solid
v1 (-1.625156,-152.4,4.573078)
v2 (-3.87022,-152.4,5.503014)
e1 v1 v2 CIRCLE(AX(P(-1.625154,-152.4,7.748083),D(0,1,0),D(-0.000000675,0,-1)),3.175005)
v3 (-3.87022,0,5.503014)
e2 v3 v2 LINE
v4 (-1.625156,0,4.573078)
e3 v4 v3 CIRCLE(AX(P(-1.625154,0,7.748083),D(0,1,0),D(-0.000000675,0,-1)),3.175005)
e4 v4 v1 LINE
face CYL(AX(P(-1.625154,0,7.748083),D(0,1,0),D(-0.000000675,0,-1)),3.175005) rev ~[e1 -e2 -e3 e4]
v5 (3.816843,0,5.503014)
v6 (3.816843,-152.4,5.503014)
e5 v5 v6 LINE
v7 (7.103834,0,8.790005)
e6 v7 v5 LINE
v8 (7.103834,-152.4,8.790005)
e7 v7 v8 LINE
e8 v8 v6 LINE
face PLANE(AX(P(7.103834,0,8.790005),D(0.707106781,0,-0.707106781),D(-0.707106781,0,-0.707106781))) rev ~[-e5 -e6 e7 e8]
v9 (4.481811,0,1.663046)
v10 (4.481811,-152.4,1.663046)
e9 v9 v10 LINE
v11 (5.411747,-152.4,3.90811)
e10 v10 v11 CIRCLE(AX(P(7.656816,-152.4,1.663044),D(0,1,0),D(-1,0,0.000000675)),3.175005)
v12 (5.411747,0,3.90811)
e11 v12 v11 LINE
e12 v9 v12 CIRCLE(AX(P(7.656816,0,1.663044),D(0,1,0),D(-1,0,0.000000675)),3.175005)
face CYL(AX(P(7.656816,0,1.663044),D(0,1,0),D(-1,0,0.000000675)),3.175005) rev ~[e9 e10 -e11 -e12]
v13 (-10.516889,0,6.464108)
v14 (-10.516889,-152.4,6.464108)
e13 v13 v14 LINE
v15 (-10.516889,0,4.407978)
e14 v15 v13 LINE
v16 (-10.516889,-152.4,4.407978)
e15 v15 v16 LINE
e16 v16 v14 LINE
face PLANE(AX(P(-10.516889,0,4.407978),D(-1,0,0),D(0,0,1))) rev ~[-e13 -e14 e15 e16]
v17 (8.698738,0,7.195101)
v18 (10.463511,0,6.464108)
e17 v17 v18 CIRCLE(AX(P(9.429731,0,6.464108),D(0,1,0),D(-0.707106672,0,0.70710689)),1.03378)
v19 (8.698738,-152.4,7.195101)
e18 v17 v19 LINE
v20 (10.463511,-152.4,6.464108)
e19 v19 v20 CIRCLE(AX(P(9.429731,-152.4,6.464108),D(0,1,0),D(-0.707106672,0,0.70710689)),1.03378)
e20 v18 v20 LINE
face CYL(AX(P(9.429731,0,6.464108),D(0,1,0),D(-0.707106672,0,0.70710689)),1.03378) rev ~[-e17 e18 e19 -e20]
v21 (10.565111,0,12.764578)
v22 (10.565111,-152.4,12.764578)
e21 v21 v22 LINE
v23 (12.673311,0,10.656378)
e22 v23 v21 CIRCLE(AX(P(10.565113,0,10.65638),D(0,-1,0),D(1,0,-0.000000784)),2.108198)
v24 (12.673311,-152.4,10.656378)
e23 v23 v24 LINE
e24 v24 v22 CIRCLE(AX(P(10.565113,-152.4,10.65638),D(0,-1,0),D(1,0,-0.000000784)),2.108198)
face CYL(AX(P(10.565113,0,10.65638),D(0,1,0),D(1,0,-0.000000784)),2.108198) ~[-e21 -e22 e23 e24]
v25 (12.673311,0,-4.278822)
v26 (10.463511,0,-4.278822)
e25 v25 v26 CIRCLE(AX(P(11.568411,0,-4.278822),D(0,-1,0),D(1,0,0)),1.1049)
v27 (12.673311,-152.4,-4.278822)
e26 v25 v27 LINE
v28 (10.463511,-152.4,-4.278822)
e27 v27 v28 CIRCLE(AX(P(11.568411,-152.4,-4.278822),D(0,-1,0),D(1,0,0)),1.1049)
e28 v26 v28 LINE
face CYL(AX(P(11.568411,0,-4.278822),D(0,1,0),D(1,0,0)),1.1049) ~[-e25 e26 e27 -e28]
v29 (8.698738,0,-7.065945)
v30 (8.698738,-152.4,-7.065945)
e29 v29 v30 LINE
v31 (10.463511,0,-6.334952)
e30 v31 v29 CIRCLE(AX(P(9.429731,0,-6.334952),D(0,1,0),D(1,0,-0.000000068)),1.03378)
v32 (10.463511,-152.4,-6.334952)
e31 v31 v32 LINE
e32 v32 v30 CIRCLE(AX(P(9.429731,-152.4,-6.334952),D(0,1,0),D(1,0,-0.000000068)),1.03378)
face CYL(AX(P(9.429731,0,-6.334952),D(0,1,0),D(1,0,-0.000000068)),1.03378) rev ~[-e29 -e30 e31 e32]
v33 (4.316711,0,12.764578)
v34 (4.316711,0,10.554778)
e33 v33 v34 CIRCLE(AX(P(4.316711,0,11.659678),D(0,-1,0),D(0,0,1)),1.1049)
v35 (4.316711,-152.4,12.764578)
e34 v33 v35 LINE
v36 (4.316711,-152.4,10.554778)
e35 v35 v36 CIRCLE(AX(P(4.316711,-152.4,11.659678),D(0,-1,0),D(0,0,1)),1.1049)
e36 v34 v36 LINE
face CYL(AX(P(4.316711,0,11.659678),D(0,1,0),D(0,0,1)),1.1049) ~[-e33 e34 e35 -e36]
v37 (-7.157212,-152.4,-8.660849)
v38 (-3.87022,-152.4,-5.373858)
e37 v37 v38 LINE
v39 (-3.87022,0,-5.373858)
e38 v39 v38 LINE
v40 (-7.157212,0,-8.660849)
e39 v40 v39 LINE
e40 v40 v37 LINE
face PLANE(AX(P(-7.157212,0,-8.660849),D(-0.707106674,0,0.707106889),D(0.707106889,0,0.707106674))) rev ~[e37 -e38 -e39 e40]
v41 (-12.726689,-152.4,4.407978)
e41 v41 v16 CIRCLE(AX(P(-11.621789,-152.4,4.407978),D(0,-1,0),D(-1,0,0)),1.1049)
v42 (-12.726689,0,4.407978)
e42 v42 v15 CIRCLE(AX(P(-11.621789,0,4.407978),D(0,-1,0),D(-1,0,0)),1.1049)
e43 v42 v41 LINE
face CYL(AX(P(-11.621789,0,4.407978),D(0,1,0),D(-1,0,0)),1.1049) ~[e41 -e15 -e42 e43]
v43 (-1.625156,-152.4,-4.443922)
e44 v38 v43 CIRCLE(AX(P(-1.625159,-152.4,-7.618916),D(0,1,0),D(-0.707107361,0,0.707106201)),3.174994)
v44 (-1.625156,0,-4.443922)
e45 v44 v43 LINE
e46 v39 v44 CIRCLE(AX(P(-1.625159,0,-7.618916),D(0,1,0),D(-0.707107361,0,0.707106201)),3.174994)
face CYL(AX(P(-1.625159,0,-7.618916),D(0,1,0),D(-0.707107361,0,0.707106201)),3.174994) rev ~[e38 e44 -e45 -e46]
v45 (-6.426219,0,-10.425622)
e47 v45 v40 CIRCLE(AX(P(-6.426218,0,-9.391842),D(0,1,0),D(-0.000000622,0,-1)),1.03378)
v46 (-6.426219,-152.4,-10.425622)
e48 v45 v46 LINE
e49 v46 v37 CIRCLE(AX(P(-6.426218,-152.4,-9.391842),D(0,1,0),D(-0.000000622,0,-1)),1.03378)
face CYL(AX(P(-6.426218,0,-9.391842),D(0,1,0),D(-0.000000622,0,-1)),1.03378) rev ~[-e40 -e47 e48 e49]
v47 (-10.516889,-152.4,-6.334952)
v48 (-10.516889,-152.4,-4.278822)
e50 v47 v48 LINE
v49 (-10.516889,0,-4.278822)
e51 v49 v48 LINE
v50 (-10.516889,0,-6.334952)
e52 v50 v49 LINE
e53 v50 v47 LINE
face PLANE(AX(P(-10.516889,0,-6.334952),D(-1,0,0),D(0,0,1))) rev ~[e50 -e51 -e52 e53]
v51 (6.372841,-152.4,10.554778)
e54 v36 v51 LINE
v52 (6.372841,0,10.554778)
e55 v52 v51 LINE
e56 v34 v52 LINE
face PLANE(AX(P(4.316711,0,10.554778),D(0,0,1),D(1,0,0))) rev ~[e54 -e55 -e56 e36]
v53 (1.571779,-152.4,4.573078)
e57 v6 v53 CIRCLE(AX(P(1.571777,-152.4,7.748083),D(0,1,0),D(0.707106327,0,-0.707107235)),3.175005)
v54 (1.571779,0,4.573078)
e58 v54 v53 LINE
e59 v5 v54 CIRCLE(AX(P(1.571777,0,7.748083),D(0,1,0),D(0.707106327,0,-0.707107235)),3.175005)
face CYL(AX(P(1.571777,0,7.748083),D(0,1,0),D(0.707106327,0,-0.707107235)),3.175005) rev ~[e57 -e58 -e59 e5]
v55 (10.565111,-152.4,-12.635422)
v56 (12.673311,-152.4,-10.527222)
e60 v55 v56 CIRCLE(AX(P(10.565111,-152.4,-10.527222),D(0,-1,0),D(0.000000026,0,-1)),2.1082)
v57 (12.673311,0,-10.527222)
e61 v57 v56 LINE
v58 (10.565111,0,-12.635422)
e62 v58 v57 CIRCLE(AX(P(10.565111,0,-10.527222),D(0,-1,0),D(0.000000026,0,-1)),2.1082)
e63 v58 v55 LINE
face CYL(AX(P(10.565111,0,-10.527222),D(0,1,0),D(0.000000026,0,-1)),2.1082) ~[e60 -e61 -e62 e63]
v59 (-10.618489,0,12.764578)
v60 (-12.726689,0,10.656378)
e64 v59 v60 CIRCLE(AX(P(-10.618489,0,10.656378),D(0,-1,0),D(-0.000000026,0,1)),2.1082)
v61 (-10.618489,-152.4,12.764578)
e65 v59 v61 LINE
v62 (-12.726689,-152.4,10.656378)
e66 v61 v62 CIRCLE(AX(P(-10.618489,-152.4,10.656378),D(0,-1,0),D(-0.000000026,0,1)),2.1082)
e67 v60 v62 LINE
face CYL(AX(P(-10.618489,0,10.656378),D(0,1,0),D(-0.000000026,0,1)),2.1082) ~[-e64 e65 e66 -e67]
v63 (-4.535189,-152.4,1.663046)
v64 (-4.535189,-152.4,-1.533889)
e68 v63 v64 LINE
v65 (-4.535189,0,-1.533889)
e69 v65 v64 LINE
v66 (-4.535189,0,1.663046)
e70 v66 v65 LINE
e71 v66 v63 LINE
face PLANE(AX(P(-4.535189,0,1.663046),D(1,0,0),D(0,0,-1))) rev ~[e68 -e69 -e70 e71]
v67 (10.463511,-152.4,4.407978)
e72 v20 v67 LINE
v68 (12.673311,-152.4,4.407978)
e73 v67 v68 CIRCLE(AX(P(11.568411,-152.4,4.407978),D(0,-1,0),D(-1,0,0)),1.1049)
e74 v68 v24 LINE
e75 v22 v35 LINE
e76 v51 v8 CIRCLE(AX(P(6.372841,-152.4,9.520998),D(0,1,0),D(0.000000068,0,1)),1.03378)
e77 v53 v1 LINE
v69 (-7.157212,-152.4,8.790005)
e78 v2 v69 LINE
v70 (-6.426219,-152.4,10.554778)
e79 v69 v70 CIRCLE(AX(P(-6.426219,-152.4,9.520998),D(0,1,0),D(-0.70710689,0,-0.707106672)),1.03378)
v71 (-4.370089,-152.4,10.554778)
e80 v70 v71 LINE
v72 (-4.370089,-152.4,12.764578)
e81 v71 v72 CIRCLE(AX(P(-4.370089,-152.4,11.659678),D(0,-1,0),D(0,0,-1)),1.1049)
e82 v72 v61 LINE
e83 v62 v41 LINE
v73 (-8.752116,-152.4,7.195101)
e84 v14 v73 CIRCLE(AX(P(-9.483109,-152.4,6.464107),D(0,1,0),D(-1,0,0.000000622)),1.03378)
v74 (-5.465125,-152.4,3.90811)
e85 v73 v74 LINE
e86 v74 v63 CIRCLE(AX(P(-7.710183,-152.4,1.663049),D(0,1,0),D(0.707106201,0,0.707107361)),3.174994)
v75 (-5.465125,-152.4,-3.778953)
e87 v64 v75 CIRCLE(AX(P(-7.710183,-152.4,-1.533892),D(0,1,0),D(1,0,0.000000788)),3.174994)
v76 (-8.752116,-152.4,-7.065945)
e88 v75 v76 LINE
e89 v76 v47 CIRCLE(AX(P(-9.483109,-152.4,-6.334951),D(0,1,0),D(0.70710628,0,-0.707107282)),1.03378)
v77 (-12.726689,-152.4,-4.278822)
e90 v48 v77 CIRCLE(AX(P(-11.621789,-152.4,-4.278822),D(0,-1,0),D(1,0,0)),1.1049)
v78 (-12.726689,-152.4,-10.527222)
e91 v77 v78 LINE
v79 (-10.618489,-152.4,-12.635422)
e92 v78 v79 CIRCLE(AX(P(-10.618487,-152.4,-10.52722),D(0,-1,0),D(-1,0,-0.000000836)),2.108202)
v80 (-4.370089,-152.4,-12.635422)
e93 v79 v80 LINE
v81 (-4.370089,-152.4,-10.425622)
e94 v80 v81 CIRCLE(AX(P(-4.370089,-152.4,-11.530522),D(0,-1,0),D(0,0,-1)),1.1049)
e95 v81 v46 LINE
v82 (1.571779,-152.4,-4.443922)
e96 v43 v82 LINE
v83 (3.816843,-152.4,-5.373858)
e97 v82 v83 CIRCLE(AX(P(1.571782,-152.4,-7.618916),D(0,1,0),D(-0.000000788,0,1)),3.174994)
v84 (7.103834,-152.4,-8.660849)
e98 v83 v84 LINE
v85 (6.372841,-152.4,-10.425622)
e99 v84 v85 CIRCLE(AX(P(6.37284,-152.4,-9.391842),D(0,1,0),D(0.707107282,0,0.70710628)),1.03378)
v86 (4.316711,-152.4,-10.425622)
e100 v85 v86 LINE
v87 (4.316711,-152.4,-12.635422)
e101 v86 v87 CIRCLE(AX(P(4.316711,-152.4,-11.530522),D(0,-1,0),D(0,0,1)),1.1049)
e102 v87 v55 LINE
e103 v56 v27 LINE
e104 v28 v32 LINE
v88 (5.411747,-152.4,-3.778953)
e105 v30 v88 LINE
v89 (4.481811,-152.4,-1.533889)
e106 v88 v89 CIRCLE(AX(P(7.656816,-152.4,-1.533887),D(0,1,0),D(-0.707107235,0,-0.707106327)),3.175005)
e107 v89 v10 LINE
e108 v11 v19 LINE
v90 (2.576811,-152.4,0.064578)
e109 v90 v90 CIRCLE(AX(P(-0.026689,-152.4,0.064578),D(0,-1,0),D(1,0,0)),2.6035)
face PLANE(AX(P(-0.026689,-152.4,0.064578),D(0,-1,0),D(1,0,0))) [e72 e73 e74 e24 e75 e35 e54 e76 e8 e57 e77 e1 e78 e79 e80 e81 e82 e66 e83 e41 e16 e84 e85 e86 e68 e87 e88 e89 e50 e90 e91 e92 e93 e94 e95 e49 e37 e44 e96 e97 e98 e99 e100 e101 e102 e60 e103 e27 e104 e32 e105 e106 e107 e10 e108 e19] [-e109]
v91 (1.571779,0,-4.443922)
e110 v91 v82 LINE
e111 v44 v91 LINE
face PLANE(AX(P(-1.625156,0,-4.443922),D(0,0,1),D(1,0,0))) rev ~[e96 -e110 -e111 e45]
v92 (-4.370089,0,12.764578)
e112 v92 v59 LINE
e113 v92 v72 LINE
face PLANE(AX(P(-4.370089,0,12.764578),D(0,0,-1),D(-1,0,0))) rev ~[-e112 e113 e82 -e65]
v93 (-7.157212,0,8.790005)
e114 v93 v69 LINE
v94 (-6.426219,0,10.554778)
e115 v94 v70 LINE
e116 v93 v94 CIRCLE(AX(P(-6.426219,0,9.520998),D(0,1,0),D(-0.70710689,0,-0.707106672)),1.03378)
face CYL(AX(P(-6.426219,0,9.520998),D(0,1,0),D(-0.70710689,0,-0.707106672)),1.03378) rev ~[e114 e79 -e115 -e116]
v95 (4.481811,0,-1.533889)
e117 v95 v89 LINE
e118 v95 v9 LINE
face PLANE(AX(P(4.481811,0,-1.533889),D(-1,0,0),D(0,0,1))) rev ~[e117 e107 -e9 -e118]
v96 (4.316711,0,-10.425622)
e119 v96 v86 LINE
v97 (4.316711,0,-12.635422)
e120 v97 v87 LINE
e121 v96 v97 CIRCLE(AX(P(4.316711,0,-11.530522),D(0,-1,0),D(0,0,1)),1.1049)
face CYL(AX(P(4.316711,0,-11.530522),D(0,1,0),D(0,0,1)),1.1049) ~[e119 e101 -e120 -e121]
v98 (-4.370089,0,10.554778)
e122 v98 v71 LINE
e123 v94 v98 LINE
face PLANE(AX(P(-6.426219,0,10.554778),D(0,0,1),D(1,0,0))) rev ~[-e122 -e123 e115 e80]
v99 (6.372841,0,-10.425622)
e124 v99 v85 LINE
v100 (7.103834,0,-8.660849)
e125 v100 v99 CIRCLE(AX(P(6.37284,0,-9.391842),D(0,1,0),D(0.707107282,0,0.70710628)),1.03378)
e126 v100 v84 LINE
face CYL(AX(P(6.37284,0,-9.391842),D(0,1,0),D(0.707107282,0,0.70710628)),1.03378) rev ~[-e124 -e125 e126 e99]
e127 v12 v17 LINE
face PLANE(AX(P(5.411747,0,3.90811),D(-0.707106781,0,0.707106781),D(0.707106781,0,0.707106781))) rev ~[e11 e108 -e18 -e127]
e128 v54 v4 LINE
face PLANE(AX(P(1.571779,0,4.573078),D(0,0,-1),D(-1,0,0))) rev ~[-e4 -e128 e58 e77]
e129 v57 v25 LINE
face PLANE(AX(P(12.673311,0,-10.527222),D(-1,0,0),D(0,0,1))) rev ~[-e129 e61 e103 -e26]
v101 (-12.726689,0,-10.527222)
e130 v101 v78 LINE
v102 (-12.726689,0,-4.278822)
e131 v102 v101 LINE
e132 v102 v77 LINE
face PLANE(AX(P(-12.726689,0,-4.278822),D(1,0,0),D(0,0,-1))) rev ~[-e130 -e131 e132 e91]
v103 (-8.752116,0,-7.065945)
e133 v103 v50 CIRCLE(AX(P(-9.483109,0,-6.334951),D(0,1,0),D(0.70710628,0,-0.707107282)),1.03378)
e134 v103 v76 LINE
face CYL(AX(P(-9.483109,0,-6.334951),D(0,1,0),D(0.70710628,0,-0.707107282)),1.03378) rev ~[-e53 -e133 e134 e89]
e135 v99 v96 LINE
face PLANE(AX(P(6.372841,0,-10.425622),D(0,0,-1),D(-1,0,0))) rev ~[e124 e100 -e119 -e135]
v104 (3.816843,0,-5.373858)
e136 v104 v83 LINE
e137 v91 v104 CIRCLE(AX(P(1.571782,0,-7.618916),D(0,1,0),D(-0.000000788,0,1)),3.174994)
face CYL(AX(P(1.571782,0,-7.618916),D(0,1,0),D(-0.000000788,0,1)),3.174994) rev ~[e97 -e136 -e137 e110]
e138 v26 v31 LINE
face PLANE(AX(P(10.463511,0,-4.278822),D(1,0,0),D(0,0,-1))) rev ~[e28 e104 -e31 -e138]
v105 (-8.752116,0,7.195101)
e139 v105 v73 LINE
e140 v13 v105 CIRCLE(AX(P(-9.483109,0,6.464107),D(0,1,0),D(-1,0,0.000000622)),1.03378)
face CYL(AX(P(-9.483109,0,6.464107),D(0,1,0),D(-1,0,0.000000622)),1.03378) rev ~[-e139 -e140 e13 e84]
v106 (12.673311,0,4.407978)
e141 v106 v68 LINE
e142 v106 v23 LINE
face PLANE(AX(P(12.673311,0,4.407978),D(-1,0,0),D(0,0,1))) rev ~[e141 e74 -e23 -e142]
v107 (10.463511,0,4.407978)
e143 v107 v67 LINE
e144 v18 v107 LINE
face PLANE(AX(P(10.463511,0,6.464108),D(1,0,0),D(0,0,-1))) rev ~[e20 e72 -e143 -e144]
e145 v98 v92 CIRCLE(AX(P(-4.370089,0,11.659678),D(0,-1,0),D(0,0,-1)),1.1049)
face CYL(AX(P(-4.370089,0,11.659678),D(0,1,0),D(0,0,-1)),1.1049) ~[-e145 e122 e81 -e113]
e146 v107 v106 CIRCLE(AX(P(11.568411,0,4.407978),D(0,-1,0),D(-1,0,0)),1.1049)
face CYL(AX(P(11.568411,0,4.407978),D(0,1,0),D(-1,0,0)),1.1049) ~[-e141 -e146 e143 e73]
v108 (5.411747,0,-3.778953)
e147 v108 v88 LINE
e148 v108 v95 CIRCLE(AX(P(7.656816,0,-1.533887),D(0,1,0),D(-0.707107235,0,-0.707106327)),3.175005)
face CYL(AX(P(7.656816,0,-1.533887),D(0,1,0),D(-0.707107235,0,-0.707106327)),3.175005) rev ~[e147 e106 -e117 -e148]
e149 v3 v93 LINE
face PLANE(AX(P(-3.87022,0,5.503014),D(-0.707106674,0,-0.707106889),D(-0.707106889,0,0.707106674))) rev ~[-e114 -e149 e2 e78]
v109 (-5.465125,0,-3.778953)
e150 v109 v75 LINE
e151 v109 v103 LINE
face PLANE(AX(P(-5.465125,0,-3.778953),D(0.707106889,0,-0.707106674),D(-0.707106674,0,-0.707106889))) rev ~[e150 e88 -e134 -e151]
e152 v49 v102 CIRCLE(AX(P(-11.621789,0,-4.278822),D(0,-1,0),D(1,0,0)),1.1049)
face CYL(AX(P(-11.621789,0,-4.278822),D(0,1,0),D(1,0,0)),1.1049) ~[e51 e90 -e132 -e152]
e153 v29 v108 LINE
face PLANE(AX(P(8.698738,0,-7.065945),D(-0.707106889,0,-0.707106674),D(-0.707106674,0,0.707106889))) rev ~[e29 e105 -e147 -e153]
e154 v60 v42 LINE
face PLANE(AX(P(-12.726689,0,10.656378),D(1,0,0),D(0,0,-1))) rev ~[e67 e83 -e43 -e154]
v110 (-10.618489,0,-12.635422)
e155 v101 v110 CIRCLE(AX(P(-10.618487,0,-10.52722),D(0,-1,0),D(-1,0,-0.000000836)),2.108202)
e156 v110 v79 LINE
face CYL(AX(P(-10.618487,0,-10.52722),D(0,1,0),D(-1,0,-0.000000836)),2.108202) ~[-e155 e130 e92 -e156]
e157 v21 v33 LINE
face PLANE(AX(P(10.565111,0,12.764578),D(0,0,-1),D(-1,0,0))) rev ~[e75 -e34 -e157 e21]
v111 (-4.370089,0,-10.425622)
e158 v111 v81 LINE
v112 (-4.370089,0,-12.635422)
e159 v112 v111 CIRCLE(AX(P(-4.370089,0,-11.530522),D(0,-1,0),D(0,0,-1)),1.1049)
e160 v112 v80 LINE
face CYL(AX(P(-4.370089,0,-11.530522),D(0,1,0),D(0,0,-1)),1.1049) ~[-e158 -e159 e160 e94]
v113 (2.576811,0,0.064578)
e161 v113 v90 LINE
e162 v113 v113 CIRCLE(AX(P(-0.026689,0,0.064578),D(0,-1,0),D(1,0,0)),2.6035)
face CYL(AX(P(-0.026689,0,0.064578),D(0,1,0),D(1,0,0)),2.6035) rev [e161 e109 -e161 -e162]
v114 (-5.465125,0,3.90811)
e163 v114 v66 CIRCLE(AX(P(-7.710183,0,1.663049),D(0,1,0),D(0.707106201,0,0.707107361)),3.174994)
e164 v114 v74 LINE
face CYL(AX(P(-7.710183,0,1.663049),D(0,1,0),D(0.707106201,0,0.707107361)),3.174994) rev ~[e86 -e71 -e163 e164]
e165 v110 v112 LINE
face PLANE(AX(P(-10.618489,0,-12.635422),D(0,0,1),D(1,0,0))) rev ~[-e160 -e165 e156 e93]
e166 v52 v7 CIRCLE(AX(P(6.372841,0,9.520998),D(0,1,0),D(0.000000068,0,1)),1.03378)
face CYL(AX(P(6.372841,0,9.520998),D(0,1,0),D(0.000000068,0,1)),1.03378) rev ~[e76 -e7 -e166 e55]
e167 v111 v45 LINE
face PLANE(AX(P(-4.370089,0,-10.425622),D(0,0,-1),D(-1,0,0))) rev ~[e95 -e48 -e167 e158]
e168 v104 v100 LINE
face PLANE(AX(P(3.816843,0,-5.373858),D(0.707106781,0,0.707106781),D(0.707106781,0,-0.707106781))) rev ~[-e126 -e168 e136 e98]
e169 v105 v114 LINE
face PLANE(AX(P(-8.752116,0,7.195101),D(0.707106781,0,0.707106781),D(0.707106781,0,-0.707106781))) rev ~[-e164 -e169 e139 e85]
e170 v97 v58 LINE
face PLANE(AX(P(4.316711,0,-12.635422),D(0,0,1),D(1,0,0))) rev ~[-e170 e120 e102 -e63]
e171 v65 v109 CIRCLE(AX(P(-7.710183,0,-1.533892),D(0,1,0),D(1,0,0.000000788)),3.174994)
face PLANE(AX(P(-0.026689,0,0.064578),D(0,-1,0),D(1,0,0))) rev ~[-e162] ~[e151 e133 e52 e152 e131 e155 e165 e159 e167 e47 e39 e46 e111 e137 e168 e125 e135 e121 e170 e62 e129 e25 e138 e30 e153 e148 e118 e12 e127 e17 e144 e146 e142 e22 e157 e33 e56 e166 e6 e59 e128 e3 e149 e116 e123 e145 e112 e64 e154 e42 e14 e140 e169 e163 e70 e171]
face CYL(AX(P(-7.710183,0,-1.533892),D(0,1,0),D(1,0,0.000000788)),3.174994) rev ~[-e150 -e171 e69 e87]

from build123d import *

# Parameters (mm, degrees)
F0_R     = 2.6035
F1_DEPTH = 152.4


with BuildPart() as f1:
    # F0 (on Front) → F1 (new body)
    with BuildSketch(Plane.XZ):
        with BuildLine():
            Line((-4.370089, 12.764578), (-10.618489, 12.764578))
            ThreePointArc((-10.618489, 12.764578), (-12.109211, 12.147101), (-12.726689, 10.656378))
            Line((-12.726689, 10.656378), (-12.726689, 4.407978))
            ThreePointArc((-12.726689, 4.407978), (-11.621789, 3.303078), (-10.516889, 4.407978))
            Line((-10.516889, 4.407978), (-10.516889, 6.464108))
            ThreePointArc((-10.516889, 6.464108), (-9.878719, 7.419196), (-8.752116, 7.195101))
            Line((-8.752116, 7.195101), (-5.465125, 3.90811))
            ThreePointArc((-5.465125, 3.90811), (-4.776871, 2.878066), (-4.535189, 1.663046))
            Line((-4.535189, 1.663046), (-4.535189, -1.533889))
            ThreePointArc((-4.535189, -1.533889), (-4.776871, -2.748909), (-5.465125, -3.778953))
            Line((-5.465125, -3.778953), (-8.752116, -7.065945))
            ThreePointArc((-8.752116, -7.065945), (-9.878719, -7.29004), (-10.516889, -6.334952))
            Line((-10.516889, -6.334952), (-10.516889, -4.278822))
            ThreePointArc((-10.516889, -4.278822), (-11.621789, -3.173922), (-12.726689, -4.278822))
            Line((-12.726689, -4.278822), (-12.726689, -10.527222))
            ThreePointArc((-12.726689, -10.527222), (-12.109211, -12.017944), (-10.618489, -12.635422))
            Line((-10.618489, -12.635422), (-4.370089, -12.635422))
            ThreePointArc((-4.370089, -12.635422), (-3.265189, -11.530522), (-4.370089, -10.425622))
            Line((-4.370089, -10.425622), (-6.426219, -10.425622))
            ThreePointArc((-6.426219, -10.425622), (-7.381307, -9.787452), (-7.157212, -8.660849))
            Line((-7.157212, -8.660849), (-3.87022, -5.373858))
            ThreePointArc((-3.87022, -5.373858), (-2.840176, -4.685604), (-1.625156, -4.443922))
            Line((-1.625156, -4.443922), (1.571779, -4.443922))
            ThreePointArc((1.571779, -4.443922), (2.786799, -4.685604), (3.816843, -5.373858))
            Line((3.816843, -5.373858), (7.103834, -8.660849))
            ThreePointArc((7.103834, -8.660849), (7.327929, -9.787452), (6.372841, -10.425622))
            Line((6.372841, -10.425622), (4.316711, -10.425622))
            ThreePointArc((4.316711, -10.425622), (3.211811, -11.530522), (4.316711, -12.635422))
            Line((4.316711, -12.635422), (10.565111, -12.635422))
            ThreePointArc((10.565111, -12.635422), (12.055834, -12.017944), (12.673311, -10.527222))
            Line((12.673311, -10.527222), (12.673311, -4.278822))
            ThreePointArc((12.673311, -4.278822), (11.568411, -3.173922), (10.463511, -4.278822))
            Line((10.463511, -4.278822), (10.463511, -6.334952))
            ThreePointArc((10.463511, -6.334952), (9.825342, -7.29004), (8.698738, -7.065945))
            Line((8.698738, -7.065945), (5.411747, -3.778953))
            ThreePointArc((5.411747, -3.778953), (4.723494, -2.748909), (4.481811, -1.533889))
            Line((4.481811, -1.533889), (4.481811, 1.663046))
            ThreePointArc((4.481811, 1.663046), (4.723494, 2.878066), (5.411747, 3.90811))
            Line((5.411747, 3.90811), (8.698738, 7.195101))
            ThreePointArc((8.698738, 7.195101), (9.825342, 7.419196), (10.463511, 6.464108))
            Line((10.463511, 6.464108), (10.463511, 4.407978))
            ThreePointArc((10.463511, 4.407978), (11.568411, 3.303078), (12.673311, 4.407978))
            Line((12.673311, 4.407978), (12.673311, 10.656378))
            ThreePointArc((12.673311, 10.656378), (12.055834, 12.147101), (10.565111, 12.764578))
            Line((10.565111, 12.764578), (4.316711, 12.764578))
            ThreePointArc((4.316711, 12.764578), (3.211811, 11.659678), (4.316711, 10.554778))
            Line((4.316711, 10.554778), (6.372841, 10.554778))
            ThreePointArc((6.372841, 10.554778), (7.327929, 9.916609), (7.103834, 8.790005))
            Line((7.103834, 8.790005), (3.816843, 5.503014))
            ThreePointArc((3.816843, 5.503014), (2.786799, 4.814761), (1.571779, 4.573078))
            Line((1.571779, 4.573078), (-1.625156, 4.573078))
            ThreePointArc((-1.625156, 4.573078), (-2.840176, 4.814761), (-3.87022, 5.503014))
            Line((-3.87022, 5.503014), (-7.157212, 8.790005))
            ThreePointArc((-7.157212, 8.790005), (-7.381307, 9.916609), (-6.426219, 10.554778))
            Line((-6.426219, 10.554778), (-4.370089, 10.554778))
            ThreePointArc((-4.370089, 10.554778), (-3.265189, 11.659678), (-4.370089, 12.764578))
        make_face()
        with Locations((-0.026689, 0.064578)):
            Circle(F0_R, mode=Mode.SUBTRACT)
    extrude(amount=F1_DEPTH)


solid = f1.part
